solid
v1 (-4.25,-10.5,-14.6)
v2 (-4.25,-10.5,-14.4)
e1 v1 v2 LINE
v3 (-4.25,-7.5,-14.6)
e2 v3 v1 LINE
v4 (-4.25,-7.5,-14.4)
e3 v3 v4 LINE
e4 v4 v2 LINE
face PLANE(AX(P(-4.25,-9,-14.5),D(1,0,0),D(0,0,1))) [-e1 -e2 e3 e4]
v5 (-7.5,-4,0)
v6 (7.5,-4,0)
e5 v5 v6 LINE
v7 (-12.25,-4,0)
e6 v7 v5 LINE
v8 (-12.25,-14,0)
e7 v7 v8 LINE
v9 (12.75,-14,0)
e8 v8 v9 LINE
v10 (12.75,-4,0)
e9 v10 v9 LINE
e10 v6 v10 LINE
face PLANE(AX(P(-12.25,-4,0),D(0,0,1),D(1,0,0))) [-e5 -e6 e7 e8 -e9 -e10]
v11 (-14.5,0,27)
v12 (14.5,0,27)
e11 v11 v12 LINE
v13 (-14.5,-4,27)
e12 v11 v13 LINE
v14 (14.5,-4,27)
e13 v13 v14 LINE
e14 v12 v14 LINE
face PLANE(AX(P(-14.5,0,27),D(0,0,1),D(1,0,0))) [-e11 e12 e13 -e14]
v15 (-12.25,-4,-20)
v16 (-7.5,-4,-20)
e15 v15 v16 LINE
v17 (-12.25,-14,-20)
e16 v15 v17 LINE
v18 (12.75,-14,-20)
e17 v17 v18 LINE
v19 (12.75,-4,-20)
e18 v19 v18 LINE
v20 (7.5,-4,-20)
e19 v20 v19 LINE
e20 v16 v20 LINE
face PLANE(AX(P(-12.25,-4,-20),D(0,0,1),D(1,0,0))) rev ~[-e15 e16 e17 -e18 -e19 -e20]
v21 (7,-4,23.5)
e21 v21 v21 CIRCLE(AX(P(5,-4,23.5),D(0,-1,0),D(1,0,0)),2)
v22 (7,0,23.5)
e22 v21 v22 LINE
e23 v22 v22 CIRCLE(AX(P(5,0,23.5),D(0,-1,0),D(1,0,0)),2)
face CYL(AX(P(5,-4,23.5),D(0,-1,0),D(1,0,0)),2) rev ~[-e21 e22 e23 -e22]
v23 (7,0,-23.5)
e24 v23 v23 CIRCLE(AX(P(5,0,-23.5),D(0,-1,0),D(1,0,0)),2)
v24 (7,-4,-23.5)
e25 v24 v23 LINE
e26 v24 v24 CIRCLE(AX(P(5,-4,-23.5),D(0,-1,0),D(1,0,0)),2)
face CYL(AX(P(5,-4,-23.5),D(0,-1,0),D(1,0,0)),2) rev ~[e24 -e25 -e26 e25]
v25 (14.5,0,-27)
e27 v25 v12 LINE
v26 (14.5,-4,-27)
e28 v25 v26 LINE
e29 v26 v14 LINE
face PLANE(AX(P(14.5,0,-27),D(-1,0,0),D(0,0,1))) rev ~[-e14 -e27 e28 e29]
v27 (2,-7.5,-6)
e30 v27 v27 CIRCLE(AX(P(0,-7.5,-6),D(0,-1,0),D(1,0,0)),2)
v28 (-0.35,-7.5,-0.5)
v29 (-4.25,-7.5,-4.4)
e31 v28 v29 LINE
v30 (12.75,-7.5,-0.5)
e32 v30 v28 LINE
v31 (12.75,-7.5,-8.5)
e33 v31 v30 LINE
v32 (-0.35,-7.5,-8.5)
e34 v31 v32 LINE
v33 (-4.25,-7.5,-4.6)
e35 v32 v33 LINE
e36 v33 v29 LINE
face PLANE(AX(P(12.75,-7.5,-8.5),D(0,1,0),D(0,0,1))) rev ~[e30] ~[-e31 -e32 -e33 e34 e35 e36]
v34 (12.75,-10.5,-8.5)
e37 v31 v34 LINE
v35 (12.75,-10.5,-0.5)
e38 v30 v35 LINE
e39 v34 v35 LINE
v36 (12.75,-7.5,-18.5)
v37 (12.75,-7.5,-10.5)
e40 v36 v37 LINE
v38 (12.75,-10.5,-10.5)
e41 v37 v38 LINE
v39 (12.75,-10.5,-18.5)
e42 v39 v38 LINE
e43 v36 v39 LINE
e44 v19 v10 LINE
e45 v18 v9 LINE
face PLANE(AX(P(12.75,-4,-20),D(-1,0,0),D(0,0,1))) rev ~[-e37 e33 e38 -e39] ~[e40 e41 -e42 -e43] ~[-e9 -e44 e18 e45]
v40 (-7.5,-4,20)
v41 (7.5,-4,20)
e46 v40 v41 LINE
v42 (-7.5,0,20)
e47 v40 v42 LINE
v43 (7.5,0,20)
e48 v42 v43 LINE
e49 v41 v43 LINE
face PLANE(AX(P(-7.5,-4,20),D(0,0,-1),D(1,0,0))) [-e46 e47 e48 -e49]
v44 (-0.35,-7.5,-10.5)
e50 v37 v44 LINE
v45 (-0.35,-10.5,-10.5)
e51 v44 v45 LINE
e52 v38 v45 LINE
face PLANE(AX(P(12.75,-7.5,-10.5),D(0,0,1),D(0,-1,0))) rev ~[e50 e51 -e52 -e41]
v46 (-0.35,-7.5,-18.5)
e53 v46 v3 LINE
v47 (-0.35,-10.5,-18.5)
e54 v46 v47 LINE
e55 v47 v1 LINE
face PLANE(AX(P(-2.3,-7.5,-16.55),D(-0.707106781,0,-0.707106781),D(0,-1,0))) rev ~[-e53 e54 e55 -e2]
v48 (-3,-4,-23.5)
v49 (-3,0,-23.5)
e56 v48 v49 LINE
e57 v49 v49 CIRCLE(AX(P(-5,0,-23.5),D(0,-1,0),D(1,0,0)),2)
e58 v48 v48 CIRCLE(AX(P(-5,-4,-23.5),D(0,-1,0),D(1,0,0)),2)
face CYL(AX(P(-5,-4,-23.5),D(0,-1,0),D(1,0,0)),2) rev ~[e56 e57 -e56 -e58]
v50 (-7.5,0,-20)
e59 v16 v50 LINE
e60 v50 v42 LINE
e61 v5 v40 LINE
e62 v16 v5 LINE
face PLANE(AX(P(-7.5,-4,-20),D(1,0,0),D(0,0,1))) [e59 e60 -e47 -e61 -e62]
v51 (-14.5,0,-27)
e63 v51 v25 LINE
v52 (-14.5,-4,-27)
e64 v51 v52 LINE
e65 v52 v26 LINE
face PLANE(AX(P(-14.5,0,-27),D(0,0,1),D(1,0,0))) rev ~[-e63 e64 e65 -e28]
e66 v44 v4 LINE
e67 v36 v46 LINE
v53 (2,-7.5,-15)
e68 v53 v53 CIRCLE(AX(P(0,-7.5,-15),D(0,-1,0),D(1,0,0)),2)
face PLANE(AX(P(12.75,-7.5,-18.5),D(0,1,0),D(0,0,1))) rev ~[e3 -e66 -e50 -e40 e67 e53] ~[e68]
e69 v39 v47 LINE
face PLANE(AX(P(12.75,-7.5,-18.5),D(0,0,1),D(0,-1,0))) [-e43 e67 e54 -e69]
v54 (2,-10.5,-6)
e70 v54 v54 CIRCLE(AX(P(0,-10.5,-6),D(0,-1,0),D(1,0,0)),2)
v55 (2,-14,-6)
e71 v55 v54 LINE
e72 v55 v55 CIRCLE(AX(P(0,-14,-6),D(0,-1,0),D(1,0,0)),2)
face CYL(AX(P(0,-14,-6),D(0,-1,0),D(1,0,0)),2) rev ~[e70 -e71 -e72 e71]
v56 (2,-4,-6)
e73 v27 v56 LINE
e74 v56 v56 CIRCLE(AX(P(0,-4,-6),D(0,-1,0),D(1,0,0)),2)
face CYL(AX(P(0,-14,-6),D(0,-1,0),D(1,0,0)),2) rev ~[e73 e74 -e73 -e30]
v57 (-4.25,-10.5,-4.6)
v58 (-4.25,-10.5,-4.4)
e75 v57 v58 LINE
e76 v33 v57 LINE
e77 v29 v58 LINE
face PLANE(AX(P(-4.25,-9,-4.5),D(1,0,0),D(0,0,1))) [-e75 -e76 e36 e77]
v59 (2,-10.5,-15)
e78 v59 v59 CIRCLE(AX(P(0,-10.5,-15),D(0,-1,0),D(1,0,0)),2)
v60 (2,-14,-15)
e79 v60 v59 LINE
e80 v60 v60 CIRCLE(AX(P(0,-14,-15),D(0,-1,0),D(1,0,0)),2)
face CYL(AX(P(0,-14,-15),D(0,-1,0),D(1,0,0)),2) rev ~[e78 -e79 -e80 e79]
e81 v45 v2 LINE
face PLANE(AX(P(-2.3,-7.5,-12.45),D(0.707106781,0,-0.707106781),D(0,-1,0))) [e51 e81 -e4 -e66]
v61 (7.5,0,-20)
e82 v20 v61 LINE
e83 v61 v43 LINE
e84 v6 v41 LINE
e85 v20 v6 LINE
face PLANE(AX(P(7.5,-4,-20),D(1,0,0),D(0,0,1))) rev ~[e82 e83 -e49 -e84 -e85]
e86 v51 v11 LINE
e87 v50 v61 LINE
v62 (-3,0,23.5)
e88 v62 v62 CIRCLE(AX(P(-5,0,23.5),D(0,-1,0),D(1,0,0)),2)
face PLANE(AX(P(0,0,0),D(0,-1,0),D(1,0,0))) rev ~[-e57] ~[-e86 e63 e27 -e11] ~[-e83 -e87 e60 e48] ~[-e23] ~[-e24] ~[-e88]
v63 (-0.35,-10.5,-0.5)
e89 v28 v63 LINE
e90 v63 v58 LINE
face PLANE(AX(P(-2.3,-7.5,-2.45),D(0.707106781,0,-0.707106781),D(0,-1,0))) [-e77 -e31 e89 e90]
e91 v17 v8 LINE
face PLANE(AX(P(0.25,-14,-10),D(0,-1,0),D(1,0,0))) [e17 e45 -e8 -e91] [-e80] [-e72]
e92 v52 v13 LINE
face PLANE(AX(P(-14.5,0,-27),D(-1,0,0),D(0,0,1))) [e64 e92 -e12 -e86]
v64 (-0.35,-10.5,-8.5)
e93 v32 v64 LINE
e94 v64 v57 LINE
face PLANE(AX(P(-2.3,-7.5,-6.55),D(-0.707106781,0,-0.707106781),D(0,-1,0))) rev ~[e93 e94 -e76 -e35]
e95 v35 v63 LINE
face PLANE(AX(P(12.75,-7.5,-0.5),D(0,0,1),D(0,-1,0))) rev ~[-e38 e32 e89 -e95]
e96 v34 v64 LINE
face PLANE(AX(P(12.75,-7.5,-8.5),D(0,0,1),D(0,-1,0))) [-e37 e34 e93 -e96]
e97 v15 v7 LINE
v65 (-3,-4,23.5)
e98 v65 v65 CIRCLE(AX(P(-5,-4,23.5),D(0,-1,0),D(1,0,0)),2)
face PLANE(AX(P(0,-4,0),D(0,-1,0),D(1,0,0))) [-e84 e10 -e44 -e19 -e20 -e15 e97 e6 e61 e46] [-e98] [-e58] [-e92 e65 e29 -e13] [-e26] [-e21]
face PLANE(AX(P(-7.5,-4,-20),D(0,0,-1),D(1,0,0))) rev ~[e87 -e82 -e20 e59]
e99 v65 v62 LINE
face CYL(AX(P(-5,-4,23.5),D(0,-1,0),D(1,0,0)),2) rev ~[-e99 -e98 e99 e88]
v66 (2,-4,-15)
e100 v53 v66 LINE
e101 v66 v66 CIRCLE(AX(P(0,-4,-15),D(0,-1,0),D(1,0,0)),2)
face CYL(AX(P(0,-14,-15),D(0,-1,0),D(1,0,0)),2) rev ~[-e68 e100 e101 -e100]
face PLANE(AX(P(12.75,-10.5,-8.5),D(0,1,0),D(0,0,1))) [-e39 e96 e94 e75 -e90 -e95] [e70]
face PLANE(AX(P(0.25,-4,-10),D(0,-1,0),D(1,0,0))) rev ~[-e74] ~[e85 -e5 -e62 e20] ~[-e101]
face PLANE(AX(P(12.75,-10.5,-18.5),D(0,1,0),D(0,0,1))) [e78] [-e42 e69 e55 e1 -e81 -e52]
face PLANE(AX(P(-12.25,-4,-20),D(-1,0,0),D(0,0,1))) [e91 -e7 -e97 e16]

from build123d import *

# Parameters (mm, degrees)
SKETCH_W        = 29
SKETCH_H        = 54
PAD_DEPTH       = 4
SKETCH001_W     = 15
SKETCH001_H     = 40
POCKET_DEPTH    = 5
SKETCH002_R     = 2
POCKET001_DEPTH = 4.001
SKETCH003_W     = 25
SKETCH003_H     = 20
PAD001_DEPTH    = 10
SKETCH004_R     = 2
POCKET002_DEPTH = 14.001
SKETCH006_W     = 8
SKETCH006_H     = 3
POCKET003_DEPTH = 17
CHAMFER_SIZE    = 3.9


with BuildPart() as part:
    # Sketch → Pad (new body)
    with BuildSketch(Plane.XZ):
        Rectangle(SKETCH_W, SKETCH_H)
    extrude(amount=PAD_DEPTH)

    # Sketch001 (on Face6 of Pad) → Pocket (cut)
    with BuildSketch(Plane.XZ.offset(4)):
        Rectangle(SKETCH001_W, SKETCH001_H)
    extrude(amount=-POCKET_DEPTH, mode=Mode.SUBTRACT)

    # Sketch002 (on Face5 of Pocket) → Pocket001 (cut, through all)
    with BuildSketch(Plane.XZ.offset(4)):
        with Locations((-5, 23.5)):
            Circle(SKETCH002_R)
        with Locations((5, 23.5)):
            Circle(SKETCH002_R)
        with Locations((-5, -23.5)):
            Circle(SKETCH002_R)
        with Locations((5, -23.5)):
            Circle(SKETCH002_R)
    extrude(amount=-POCKET001_DEPTH, mode=Mode.SUBTRACT)

    # Sketch003 (on Face5 of Pocket001) → Pad001 (join)
    with BuildSketch(Plane.XZ.offset(4)):
        with Locations((0.25, -10)):
            Rectangle(SKETCH003_W, SKETCH003_H)
    extrude(amount=PAD001_DEPTH)

    # Sketch004 (on Face20 of Pad001) → Pocket002 (cut, through all)
    with BuildSketch(Plane.XZ.offset(14)):
        with Locations((0, -6)):
            Circle(SKETCH004_R)
        with Locations((0, -15)):
            Circle(SKETCH004_R)
    extrude(amount=-POCKET002_DEPTH, mode=Mode.SUBTRACT)

    # Sketch006 (on Face16 of Pocket002) → Pocket003 (cut)
    with BuildSketch(Plane(origin=(12.75, 0, 0), x_dir=(0, 0, 1), z_dir=(1, 0, 0))):
        with Locations((-14.5, 9)):
            Rectangle(SKETCH006_W, SKETCH006_H)
        with Locations((-4.5, 9)):
            Rectangle(SKETCH006_W, SKETCH006_H)
    extrude(amount=-POCKET003_DEPTH, mode=Mode.SUBTRACT)

    # Chamfer
    chamfer_edges = [part.edges().sort_by_distance(p)[0] for p in [
        (-4.25, -9, -18.5),
        (-4.25, -9, -0.5),
        (-4.25, -9, -8.5),
        (-4.25, -9, -10.5),
    ]]
    chamfer(chamfer_edges, length=CHAMFER_SIZE)


solid = part.part
